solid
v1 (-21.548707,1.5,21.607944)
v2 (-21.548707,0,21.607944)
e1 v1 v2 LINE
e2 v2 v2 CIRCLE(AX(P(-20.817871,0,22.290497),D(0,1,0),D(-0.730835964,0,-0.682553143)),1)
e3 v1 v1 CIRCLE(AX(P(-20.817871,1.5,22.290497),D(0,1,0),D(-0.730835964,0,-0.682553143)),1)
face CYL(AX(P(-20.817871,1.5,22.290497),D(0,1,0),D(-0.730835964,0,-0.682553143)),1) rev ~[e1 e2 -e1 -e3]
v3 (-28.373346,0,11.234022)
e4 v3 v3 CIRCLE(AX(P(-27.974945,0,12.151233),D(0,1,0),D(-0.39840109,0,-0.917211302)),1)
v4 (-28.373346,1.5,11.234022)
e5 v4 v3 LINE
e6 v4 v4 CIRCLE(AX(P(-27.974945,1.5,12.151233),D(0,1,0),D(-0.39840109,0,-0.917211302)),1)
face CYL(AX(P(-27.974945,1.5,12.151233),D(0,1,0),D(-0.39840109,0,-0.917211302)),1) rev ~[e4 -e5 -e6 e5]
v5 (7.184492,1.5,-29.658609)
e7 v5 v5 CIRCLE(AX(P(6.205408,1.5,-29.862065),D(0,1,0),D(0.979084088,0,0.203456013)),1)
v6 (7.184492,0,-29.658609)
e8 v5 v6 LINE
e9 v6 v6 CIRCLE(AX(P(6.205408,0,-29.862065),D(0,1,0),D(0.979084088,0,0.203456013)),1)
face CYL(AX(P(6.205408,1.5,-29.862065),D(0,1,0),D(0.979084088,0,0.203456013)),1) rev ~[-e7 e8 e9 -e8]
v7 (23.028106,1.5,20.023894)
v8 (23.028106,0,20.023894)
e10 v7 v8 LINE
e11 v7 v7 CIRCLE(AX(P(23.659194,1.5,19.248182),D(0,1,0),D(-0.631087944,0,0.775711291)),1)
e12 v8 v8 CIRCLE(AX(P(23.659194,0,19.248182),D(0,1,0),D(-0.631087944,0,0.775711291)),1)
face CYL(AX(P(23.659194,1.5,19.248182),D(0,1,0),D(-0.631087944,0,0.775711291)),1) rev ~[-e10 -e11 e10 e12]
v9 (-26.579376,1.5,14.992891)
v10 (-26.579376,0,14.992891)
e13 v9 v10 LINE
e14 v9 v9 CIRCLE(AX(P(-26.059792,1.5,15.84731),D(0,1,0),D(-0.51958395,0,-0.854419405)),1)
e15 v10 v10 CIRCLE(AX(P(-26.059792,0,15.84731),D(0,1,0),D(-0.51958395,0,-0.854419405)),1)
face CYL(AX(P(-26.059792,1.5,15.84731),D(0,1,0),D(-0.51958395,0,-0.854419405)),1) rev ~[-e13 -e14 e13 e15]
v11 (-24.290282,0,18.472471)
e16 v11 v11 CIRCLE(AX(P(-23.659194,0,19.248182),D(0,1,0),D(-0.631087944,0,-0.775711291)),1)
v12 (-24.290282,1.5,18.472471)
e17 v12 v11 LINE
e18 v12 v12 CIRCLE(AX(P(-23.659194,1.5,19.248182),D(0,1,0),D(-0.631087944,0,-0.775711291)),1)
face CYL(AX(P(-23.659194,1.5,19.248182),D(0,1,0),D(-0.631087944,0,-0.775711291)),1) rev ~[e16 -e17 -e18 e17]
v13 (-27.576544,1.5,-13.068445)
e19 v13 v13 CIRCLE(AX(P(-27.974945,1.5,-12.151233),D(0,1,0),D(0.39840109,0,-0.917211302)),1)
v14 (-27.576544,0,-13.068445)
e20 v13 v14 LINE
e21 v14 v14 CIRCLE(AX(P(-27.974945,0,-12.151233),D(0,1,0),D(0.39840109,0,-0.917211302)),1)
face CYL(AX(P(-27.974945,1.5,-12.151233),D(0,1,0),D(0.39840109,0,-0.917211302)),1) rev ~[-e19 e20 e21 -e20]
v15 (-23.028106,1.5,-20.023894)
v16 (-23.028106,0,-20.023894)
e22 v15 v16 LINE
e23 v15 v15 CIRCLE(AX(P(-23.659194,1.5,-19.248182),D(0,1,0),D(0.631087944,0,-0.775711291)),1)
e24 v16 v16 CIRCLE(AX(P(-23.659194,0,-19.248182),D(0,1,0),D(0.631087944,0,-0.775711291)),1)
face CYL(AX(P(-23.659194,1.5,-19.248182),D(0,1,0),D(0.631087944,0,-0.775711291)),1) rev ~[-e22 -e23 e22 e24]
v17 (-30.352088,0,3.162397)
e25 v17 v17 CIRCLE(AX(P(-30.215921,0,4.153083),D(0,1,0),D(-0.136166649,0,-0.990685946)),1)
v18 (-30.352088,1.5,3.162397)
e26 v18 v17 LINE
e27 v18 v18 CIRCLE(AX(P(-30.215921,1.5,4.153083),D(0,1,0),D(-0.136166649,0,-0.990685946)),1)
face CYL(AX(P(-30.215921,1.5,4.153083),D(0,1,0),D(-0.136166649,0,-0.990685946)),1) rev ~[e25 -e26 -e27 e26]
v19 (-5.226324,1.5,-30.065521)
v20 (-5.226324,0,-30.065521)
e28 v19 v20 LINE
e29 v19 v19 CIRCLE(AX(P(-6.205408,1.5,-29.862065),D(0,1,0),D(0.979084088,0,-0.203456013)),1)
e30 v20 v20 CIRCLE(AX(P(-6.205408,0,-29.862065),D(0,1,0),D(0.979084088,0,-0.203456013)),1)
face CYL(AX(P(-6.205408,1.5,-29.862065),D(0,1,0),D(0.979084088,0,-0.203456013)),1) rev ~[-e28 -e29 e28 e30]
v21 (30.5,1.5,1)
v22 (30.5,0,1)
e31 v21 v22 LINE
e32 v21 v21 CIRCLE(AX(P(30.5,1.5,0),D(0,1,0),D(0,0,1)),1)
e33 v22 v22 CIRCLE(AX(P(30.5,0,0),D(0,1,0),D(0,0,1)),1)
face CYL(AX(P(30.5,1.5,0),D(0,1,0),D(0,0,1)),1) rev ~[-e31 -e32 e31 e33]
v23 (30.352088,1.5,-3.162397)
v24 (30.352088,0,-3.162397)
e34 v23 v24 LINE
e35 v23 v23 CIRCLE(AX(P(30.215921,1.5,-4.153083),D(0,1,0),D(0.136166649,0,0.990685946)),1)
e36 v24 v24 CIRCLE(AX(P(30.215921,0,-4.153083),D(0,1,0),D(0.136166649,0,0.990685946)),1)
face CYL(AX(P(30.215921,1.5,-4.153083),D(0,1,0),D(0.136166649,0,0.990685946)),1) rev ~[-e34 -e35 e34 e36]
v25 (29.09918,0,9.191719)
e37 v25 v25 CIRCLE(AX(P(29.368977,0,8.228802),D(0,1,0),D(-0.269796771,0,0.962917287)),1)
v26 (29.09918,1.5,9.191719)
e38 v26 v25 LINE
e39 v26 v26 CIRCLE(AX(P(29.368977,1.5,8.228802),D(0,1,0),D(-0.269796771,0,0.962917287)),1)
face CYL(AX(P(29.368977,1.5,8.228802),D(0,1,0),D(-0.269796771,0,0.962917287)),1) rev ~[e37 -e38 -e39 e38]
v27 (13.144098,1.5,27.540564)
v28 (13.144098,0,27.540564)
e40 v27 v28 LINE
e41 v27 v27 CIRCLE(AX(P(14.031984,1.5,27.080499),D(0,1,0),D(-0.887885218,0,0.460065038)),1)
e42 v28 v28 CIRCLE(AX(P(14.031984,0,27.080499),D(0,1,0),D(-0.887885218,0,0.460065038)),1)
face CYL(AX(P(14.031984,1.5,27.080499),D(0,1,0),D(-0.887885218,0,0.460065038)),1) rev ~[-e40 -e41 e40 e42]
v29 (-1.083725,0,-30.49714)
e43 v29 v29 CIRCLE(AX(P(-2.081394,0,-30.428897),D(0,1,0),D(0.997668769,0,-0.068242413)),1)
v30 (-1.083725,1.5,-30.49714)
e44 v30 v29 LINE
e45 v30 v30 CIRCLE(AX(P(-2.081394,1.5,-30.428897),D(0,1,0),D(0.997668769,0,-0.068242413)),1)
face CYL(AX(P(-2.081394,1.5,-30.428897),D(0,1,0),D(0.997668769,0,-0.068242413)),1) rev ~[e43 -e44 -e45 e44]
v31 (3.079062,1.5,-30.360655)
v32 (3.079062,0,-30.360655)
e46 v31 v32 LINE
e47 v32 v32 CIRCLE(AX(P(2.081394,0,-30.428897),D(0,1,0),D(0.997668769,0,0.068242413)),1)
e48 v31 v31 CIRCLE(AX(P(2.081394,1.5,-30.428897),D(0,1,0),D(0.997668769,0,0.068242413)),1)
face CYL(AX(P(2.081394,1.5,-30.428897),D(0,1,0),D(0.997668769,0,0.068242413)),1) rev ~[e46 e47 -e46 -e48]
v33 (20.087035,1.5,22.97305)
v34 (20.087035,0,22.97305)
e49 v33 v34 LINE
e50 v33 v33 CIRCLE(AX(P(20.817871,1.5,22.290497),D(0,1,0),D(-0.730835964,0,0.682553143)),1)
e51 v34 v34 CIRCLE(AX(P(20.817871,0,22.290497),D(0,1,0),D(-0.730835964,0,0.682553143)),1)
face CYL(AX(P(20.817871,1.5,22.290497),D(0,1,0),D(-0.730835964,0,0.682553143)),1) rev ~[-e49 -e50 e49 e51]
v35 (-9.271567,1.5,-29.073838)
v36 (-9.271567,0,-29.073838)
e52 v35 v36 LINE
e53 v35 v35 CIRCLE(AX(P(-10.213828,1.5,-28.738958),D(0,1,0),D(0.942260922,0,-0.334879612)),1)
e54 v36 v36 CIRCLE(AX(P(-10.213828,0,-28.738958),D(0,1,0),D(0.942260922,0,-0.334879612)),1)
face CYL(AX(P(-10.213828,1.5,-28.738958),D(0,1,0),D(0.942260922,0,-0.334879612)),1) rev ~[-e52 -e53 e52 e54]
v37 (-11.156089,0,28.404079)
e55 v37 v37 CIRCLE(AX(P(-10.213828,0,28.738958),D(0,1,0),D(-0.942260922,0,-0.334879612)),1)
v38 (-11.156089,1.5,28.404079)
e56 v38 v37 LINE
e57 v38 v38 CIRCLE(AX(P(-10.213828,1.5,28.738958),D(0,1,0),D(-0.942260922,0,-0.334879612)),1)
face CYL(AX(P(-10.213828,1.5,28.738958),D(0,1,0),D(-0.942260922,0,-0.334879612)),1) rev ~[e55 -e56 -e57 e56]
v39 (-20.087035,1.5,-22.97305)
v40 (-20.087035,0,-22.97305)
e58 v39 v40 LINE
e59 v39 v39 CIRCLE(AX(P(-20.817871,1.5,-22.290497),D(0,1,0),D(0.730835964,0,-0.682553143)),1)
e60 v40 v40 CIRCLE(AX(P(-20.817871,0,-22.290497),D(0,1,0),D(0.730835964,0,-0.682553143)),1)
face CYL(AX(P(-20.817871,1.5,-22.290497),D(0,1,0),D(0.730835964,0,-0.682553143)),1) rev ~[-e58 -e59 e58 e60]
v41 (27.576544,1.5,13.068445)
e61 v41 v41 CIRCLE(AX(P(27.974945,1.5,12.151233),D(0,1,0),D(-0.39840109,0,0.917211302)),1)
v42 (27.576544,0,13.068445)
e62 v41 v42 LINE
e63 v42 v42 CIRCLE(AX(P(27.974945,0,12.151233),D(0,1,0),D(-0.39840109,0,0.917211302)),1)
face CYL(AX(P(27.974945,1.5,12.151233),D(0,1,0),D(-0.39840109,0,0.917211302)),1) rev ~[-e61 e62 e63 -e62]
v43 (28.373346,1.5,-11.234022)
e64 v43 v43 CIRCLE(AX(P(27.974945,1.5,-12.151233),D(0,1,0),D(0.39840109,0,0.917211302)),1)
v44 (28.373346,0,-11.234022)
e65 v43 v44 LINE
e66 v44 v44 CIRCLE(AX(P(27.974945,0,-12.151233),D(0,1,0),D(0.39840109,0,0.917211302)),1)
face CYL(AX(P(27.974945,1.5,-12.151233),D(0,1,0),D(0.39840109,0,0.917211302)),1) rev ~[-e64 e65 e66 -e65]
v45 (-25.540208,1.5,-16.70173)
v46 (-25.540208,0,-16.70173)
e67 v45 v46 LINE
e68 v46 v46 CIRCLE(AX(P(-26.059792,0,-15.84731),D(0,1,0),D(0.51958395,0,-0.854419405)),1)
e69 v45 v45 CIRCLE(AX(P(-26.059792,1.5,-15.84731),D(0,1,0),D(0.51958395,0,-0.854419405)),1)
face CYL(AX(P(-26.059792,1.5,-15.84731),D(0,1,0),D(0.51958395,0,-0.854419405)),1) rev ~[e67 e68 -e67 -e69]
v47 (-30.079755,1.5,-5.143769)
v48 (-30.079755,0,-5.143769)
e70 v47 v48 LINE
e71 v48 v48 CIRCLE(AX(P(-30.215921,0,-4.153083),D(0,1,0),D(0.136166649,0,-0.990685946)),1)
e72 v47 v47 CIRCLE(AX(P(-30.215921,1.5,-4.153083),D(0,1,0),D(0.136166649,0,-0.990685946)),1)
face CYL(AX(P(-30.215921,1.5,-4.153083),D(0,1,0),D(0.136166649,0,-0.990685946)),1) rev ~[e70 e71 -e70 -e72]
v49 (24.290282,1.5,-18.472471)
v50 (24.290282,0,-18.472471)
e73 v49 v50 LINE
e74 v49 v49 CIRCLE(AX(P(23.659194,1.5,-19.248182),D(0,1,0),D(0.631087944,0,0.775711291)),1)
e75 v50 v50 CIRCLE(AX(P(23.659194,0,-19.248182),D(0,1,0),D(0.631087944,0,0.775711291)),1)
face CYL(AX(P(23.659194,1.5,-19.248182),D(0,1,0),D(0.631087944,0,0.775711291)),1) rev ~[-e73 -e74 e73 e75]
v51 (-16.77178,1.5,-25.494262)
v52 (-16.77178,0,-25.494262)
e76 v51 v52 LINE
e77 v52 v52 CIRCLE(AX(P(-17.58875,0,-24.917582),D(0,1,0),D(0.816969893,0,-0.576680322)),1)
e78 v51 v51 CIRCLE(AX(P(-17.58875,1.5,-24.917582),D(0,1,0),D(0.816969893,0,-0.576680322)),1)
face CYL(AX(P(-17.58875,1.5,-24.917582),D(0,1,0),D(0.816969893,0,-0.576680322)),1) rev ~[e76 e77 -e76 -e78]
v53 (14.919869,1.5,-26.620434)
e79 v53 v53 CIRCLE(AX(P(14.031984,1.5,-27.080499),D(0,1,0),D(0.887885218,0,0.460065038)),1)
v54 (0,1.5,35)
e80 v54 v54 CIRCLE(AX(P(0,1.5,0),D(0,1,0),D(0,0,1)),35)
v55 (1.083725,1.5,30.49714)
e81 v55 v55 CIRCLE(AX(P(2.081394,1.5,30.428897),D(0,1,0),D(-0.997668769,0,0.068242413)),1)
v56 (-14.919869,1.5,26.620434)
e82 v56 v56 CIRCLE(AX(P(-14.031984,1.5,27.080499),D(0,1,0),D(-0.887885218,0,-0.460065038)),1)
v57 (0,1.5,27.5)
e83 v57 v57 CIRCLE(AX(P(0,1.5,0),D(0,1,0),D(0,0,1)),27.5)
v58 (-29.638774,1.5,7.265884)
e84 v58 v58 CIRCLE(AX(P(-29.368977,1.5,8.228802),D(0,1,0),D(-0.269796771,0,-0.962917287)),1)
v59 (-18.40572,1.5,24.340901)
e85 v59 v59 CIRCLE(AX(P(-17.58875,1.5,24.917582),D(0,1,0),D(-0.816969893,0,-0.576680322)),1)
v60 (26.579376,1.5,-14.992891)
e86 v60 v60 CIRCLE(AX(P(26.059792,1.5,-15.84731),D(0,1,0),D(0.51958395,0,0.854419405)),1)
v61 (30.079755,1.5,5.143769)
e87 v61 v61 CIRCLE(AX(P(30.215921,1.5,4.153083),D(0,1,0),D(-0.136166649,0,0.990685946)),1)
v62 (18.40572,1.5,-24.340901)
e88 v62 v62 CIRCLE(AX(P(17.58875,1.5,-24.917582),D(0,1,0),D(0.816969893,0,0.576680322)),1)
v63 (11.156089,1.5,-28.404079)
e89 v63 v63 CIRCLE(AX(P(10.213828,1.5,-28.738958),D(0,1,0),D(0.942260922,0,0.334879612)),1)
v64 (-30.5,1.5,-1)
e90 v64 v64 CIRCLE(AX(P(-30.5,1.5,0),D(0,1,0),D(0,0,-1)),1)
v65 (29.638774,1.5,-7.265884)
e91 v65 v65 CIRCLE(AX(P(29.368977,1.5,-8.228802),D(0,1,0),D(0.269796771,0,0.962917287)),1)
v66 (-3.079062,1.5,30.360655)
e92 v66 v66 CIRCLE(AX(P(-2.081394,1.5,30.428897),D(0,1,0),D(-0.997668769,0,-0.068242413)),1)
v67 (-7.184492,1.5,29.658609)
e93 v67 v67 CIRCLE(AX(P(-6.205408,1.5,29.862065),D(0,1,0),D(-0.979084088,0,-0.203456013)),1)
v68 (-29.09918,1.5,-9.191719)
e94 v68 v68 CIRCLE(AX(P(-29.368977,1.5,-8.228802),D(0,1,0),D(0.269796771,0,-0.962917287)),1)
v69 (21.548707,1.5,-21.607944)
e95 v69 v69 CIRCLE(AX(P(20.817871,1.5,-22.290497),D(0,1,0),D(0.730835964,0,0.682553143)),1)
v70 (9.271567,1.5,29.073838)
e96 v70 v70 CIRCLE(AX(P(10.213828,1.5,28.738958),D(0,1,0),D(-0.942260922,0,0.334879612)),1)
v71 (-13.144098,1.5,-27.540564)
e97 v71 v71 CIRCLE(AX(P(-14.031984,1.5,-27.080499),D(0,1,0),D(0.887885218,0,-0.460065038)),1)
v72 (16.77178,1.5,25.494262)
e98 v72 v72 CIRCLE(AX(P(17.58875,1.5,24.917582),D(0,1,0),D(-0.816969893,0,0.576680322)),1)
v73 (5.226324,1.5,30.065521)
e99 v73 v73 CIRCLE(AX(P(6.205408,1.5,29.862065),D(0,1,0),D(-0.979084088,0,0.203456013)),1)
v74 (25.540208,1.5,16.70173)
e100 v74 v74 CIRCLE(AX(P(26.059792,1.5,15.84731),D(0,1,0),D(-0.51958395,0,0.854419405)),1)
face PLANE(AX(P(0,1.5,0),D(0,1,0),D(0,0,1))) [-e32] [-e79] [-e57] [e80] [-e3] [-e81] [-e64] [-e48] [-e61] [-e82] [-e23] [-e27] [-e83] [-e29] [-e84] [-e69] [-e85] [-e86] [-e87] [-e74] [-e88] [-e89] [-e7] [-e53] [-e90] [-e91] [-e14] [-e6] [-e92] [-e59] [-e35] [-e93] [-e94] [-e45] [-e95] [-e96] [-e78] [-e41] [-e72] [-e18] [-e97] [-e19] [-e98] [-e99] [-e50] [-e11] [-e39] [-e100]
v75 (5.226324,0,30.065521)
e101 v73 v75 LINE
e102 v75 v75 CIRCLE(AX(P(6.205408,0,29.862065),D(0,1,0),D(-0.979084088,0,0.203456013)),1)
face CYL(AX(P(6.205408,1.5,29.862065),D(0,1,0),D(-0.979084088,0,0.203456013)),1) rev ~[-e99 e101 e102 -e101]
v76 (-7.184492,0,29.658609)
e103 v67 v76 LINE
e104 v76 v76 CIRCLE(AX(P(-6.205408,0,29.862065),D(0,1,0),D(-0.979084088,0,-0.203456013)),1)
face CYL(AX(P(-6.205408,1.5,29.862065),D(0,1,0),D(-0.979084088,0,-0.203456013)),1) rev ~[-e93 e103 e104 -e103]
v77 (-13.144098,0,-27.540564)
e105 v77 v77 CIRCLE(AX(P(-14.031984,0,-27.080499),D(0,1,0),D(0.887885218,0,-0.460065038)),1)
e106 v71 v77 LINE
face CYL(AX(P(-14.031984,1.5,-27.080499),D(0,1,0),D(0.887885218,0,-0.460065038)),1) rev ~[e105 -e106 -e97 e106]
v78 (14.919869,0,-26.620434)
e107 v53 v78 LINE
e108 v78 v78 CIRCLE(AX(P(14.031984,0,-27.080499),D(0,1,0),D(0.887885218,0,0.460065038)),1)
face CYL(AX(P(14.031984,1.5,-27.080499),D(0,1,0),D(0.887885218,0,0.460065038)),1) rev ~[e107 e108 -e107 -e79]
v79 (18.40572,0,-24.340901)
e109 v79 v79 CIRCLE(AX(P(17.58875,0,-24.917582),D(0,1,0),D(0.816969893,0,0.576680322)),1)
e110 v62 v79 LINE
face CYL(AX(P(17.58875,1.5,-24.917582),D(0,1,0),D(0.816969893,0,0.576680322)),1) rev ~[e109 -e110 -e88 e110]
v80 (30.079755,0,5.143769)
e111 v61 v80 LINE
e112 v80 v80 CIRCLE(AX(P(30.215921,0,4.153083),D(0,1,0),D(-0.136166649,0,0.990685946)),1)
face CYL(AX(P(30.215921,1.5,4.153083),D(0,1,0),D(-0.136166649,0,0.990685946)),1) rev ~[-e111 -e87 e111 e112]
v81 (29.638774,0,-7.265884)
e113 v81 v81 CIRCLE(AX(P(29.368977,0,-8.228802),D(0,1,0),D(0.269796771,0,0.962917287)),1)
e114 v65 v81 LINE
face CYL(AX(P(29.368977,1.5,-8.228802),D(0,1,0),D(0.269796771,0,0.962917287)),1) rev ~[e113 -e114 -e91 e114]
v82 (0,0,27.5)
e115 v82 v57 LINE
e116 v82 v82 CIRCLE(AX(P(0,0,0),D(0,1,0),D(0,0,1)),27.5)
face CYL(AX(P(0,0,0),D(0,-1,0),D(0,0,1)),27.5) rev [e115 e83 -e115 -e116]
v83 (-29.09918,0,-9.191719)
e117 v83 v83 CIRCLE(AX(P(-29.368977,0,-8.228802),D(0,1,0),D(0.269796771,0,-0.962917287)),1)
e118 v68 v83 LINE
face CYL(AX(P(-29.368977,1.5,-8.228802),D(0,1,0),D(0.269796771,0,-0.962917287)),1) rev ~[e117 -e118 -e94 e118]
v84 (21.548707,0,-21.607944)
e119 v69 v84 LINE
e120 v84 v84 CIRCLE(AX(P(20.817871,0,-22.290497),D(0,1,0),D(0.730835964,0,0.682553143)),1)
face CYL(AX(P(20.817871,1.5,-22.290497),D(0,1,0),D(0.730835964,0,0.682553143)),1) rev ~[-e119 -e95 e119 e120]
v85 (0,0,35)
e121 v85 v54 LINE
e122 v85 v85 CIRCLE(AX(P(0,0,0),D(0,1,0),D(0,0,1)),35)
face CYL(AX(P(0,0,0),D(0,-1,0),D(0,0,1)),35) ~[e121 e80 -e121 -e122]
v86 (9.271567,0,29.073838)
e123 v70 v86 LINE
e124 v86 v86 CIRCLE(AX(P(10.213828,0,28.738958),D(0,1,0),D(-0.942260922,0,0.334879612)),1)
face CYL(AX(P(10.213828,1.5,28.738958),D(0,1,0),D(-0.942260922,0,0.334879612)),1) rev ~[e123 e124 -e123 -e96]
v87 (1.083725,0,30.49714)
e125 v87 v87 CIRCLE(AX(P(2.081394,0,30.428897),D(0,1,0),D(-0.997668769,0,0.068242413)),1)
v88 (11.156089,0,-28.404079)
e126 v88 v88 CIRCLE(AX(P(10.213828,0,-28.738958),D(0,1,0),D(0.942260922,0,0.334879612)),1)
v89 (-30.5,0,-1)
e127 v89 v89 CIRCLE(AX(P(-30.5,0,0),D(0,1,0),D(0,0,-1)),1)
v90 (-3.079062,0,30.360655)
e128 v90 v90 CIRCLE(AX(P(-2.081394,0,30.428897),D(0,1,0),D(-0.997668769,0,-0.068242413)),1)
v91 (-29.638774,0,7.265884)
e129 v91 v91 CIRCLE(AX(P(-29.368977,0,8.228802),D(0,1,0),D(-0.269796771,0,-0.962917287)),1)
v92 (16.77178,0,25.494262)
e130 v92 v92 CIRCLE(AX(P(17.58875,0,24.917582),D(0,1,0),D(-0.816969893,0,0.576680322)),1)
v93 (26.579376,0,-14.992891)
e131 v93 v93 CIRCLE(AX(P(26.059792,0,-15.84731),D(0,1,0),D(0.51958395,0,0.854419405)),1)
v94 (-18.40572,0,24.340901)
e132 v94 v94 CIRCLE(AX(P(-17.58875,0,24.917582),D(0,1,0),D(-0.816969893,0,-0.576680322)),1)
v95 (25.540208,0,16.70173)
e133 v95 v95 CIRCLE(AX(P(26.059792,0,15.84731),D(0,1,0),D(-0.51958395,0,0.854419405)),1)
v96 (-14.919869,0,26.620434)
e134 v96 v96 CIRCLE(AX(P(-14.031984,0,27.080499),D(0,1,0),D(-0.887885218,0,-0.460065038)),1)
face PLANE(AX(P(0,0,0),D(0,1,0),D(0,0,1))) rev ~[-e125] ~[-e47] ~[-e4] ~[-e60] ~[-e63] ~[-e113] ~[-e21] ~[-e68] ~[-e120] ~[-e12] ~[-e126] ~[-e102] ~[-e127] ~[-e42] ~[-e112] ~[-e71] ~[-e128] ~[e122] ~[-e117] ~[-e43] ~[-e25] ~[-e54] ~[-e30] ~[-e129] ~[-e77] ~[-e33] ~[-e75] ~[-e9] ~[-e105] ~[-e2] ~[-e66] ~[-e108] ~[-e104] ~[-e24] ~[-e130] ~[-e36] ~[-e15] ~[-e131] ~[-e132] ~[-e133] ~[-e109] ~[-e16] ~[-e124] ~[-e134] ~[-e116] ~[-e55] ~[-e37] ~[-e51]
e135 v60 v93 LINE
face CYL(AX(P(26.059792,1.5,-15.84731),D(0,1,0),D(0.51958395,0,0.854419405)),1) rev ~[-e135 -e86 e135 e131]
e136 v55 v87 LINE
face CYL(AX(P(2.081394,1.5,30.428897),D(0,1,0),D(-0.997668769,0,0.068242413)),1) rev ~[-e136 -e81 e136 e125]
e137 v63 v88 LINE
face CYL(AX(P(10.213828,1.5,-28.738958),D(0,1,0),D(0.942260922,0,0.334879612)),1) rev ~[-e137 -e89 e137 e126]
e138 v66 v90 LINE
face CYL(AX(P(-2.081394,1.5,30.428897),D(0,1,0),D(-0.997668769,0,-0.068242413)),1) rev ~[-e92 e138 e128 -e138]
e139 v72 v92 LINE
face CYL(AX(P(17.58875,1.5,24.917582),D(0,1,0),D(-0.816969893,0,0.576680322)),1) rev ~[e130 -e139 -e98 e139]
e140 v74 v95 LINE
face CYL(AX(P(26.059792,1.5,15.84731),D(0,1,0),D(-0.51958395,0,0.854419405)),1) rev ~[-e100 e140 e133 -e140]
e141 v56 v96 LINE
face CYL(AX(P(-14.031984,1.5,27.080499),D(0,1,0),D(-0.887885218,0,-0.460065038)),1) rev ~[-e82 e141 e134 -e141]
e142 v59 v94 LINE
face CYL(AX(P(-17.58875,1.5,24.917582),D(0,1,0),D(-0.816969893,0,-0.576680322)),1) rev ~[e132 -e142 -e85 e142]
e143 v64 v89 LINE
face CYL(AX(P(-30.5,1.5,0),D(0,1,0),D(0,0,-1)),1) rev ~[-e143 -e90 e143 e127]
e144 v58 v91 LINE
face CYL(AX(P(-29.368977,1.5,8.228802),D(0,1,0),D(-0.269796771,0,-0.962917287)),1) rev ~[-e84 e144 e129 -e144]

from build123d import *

# Parameters (mm, degrees)
SKETCH1_R           = 35
SKETCH1_R_2         = 27.5
BOSS_EXTRUDE1_DEPTH = 1.5
SKETCH2_R           = 1
CUT_EXTRUDE1_DEPTH  = 1.5
CIRPATTERN1_COUNT   = 46


with BuildPart() as part:
    # Sketch1 → Boss-Extrude1 (new body)
    with BuildSketch(Plane(origin=(0, 0, 0), x_dir=(1, 0, 0), z_dir=(0, 1, 0))):
        with Locations(Location((0, 0, 0), (0, 0, 270))):
            Circle(SKETCH1_R)
        with Locations(Location((0, 0, 0), (0, 0, 270))):
            Circle(SKETCH1_R_2, mode=Mode.SUBTRACT)
    extrude(amount=BOSS_EXTRUDE1_DEPTH)

    # Sketch2 → Cut-Extrude1 (cut)
    with BuildSketch(Plane(origin=(0, 1.5, 0), x_dir=(1, 0, 0), z_dir=(0, 1, 0))):
        with Locations(Location((30.5, 0, 0), (0, 0, 270))):
            Circle(SKETCH2_R)
    cut_extrude1 = extrude(amount=-CUT_EXTRUDE1_DEPTH, mode=Mode.SUBTRACT)

    # CirPattern1: Cut-Extrude1 ×46 about axis
    cirpattern1_axis = Axis((0, 0, 0), (0, 1, 0))
    for i in range(1, CIRPATTERN1_COUNT):
        add(cut_extrude1.rotate(cirpattern1_axis, i * 360 / CIRPATTERN1_COUNT), mode=Mode.SUBTRACT)


solid = part.part
